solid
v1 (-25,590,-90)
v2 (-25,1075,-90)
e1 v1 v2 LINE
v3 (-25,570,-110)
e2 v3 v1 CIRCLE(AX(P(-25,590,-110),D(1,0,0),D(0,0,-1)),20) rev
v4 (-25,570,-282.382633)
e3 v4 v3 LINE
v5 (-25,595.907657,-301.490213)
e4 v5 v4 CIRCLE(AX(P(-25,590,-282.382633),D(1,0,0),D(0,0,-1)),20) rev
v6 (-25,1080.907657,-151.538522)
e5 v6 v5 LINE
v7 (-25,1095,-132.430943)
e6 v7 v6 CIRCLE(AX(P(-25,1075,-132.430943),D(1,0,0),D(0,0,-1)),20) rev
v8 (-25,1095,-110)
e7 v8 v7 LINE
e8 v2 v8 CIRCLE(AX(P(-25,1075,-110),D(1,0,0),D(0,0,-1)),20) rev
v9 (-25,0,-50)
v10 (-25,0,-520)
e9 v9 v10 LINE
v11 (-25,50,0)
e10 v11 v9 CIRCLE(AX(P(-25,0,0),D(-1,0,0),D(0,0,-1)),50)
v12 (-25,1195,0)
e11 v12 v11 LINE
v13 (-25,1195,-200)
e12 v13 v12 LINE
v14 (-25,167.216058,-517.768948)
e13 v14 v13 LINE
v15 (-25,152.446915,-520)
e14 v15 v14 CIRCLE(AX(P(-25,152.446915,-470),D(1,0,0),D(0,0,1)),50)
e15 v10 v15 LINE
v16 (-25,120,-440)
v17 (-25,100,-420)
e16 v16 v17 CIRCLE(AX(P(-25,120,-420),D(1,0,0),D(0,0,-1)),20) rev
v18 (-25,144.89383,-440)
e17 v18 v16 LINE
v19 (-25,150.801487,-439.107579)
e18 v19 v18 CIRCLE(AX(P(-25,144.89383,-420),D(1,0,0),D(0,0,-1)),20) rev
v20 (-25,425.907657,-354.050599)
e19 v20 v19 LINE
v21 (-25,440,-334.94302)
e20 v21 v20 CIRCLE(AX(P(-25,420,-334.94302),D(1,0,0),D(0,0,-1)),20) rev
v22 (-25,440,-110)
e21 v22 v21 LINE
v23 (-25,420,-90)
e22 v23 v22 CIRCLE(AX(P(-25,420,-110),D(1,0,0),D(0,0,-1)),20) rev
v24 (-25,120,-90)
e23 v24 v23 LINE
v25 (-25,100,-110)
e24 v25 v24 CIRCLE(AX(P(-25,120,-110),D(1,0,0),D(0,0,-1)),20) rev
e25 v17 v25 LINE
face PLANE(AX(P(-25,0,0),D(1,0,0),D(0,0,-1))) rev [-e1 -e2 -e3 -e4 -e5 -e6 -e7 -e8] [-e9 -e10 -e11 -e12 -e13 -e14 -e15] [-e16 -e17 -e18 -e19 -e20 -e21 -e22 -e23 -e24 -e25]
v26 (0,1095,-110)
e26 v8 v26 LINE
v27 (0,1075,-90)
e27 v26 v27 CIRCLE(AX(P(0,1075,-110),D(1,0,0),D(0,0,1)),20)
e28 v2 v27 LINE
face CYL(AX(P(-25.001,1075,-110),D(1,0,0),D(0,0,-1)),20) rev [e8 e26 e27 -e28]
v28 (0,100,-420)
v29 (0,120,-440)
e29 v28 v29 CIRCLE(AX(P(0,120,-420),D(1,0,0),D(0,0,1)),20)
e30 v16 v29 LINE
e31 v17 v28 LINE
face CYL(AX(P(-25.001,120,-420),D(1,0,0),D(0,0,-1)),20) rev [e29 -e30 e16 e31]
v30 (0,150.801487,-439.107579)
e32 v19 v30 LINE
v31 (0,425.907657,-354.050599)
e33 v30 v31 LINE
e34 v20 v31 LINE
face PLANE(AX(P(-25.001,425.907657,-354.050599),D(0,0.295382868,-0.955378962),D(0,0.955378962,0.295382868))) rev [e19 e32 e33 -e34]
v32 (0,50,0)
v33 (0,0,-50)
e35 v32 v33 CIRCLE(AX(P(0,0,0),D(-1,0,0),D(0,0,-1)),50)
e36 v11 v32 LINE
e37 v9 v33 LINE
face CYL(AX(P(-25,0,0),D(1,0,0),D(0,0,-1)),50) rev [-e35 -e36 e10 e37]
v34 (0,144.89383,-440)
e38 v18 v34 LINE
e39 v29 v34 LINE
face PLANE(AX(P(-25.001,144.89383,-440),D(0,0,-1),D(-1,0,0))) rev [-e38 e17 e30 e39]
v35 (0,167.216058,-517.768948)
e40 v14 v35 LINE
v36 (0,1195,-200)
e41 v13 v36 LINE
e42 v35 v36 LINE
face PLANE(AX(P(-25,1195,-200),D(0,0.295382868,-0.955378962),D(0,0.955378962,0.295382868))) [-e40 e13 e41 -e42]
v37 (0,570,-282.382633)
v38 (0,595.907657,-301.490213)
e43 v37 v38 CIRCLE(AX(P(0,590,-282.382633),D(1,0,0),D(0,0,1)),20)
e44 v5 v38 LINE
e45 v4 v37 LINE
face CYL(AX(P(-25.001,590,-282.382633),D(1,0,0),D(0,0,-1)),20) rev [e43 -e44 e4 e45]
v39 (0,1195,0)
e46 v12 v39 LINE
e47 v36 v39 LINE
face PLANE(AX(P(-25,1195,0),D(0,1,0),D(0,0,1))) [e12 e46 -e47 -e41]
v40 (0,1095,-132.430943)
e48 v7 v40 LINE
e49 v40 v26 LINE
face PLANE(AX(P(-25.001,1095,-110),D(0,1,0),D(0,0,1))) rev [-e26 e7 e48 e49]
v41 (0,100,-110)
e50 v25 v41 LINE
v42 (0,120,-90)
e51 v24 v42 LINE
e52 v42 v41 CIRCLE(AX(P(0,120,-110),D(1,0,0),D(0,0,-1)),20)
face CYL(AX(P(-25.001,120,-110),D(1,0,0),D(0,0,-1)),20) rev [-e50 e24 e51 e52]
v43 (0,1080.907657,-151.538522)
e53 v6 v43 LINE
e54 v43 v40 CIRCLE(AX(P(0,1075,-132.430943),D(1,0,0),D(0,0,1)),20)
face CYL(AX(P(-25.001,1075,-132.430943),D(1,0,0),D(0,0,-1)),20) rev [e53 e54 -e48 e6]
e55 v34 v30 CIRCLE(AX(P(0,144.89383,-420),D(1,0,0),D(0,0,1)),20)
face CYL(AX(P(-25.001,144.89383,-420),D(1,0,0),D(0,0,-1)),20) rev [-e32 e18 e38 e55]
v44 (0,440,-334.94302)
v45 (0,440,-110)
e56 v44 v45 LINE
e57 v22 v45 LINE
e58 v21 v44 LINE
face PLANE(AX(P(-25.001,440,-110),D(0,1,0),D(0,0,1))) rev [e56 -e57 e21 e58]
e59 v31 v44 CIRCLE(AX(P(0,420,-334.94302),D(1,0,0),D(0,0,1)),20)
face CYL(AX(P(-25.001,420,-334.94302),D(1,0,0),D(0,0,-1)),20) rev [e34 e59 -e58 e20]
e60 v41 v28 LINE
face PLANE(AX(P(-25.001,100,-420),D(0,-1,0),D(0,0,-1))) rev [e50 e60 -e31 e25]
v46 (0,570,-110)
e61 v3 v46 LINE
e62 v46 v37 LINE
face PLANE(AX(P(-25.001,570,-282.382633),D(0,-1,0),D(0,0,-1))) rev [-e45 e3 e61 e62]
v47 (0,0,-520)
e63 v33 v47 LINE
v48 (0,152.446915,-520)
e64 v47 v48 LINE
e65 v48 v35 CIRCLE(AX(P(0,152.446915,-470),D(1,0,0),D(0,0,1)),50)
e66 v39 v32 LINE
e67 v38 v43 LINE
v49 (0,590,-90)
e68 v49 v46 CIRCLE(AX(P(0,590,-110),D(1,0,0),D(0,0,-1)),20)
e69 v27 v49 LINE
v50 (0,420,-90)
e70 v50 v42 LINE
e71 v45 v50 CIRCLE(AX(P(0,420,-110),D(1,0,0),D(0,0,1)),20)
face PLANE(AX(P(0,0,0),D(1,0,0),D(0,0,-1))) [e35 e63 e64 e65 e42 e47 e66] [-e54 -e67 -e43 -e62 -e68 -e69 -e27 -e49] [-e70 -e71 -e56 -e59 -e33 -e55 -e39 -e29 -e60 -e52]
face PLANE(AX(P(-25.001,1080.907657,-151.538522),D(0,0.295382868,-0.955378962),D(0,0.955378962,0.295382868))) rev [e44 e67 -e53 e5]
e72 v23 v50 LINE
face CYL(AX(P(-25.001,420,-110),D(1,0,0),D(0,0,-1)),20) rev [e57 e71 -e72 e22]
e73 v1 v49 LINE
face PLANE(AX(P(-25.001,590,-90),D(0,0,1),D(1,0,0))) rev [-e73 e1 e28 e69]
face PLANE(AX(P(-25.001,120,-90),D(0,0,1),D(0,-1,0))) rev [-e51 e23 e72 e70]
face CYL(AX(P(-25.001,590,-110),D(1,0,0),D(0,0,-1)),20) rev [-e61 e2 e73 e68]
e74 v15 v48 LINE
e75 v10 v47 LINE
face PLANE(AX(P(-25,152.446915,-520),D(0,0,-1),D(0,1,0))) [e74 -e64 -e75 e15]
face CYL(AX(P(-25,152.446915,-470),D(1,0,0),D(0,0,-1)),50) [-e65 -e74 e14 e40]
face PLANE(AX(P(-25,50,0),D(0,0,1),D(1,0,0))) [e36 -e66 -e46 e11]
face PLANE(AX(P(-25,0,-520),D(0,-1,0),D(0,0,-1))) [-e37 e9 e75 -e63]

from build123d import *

# Parameters (mm, degrees)
BOSS_EXTRUDE1_DEPTH = 25
CUT_EXTRUDE1_REACH  = 1305.476


with BuildPart() as part:
    # Sketch1 → Boss-Extrude1 (new body)
    with BuildSketch(Plane(origin=(0, 0, 0), x_dir=(0, 0, -1), z_dir=(1, 0, 0))):
        with BuildLine():
            Line((0, 50), (0, 1195))
            Line((0, 1195), (200, 1195))
            Line((200, 1195), (517.768948114, 167.216058445))
            ThreePointArc((517.768948114, 167.216058445), (519.439090838, 159.915268109), (520, 152.446915067))
            Line((520, 152.446915067), (520, 0))
            Line((520, 0), (50, 0))
            ThreePointArc((50, 0), (35.355339059, 35.355339059), (0, 50))
        make_face()
    extrude(amount=-BOSS_EXTRUDE1_DEPTH)

    # Sketch2 → Cut-Extrude1 (cut, up to next)
    with BuildSketch(Plane(origin=(0, 0, 0), x_dir=(0, 0, -1), z_dir=(1, 0, 0)), mode=Mode.PRIVATE) as cut_extrude1_sk1:
        with BuildLine():
            Line((90, 120), (90, 420))
            ThreePointArc((90, 420), (95.857864376, 434.142135624), (110, 440))
            Line((110, 440), (334.943019945, 440))
            ThreePointArc((334.943019945, 440), (346.814137267, 436.095855787), (354.05059919, 425.907657351))
            Line((354.05059919, 425.907657351), (439.107579245, 150.801487485))
            ThreePointArc((439.107579245, 150.801487485), (439.775636335, 147.881171351), (440, 144.893830134))
            Line((440, 144.893830134), (440, 120))
            ThreePointArc((440, 120), (434.142135624, 105.857864376), (420, 100))
            Line((420, 100), (110, 100))
            ThreePointArc((110, 100), (95.857864376, 105.857864376), (90, 120))
        make_face()
    cut_extrude1_tool1 = extrude(cut_extrude1_sk1.sketch, amount=-CUT_EXTRUDE1_REACH, mode=Mode.PRIVATE) & part.part
    # Sketch2 → Cut-Extrude1 (cut, up to next)
    with BuildSketch(Plane(origin=(0, 0, 0), x_dir=(0, 0, -1), z_dir=(1, 0, 0)), mode=Mode.PRIVATE) as cut_extrude1_sk2:
        with BuildLine():
            Line((90, 590), (90, 1075))
            ThreePointArc((90, 1075), (95.857864376, 1089.142135624), (110, 1095))
            Line((110, 1095), (132.43094265, 1095))
            ThreePointArc((132.43094265, 1095), (144.302059973, 1091.095855787), (151.538521896, 1080.907657351))
            Line((151.538521896, 1080.907657351), (301.490212717, 595.907657351))
            ThreePointArc((301.490212717, 595.907657351), (298.478489258, 578.128882677), (282.382633471, 570))
            Line((282.382633471, 570), (110, 570))
            ThreePointArc((110, 570), (95.857864376, 575.857864376), (90, 590))
        make_face()
    cut_extrude1_tool2 = extrude(cut_extrude1_sk2.sketch, amount=-CUT_EXTRUDE1_REACH, mode=Mode.PRIVATE) & part.part
    add(cut_extrude1_tool1.solids().sort_by_distance((0, 260.991144, -246.99454))[0], mode=Mode.SUBTRACT)
    add(cut_extrude1_tool2.solids().sort_by_distance((0, 781.346957, -166.978745))[0], mode=Mode.SUBTRACT)


solid = part.part
